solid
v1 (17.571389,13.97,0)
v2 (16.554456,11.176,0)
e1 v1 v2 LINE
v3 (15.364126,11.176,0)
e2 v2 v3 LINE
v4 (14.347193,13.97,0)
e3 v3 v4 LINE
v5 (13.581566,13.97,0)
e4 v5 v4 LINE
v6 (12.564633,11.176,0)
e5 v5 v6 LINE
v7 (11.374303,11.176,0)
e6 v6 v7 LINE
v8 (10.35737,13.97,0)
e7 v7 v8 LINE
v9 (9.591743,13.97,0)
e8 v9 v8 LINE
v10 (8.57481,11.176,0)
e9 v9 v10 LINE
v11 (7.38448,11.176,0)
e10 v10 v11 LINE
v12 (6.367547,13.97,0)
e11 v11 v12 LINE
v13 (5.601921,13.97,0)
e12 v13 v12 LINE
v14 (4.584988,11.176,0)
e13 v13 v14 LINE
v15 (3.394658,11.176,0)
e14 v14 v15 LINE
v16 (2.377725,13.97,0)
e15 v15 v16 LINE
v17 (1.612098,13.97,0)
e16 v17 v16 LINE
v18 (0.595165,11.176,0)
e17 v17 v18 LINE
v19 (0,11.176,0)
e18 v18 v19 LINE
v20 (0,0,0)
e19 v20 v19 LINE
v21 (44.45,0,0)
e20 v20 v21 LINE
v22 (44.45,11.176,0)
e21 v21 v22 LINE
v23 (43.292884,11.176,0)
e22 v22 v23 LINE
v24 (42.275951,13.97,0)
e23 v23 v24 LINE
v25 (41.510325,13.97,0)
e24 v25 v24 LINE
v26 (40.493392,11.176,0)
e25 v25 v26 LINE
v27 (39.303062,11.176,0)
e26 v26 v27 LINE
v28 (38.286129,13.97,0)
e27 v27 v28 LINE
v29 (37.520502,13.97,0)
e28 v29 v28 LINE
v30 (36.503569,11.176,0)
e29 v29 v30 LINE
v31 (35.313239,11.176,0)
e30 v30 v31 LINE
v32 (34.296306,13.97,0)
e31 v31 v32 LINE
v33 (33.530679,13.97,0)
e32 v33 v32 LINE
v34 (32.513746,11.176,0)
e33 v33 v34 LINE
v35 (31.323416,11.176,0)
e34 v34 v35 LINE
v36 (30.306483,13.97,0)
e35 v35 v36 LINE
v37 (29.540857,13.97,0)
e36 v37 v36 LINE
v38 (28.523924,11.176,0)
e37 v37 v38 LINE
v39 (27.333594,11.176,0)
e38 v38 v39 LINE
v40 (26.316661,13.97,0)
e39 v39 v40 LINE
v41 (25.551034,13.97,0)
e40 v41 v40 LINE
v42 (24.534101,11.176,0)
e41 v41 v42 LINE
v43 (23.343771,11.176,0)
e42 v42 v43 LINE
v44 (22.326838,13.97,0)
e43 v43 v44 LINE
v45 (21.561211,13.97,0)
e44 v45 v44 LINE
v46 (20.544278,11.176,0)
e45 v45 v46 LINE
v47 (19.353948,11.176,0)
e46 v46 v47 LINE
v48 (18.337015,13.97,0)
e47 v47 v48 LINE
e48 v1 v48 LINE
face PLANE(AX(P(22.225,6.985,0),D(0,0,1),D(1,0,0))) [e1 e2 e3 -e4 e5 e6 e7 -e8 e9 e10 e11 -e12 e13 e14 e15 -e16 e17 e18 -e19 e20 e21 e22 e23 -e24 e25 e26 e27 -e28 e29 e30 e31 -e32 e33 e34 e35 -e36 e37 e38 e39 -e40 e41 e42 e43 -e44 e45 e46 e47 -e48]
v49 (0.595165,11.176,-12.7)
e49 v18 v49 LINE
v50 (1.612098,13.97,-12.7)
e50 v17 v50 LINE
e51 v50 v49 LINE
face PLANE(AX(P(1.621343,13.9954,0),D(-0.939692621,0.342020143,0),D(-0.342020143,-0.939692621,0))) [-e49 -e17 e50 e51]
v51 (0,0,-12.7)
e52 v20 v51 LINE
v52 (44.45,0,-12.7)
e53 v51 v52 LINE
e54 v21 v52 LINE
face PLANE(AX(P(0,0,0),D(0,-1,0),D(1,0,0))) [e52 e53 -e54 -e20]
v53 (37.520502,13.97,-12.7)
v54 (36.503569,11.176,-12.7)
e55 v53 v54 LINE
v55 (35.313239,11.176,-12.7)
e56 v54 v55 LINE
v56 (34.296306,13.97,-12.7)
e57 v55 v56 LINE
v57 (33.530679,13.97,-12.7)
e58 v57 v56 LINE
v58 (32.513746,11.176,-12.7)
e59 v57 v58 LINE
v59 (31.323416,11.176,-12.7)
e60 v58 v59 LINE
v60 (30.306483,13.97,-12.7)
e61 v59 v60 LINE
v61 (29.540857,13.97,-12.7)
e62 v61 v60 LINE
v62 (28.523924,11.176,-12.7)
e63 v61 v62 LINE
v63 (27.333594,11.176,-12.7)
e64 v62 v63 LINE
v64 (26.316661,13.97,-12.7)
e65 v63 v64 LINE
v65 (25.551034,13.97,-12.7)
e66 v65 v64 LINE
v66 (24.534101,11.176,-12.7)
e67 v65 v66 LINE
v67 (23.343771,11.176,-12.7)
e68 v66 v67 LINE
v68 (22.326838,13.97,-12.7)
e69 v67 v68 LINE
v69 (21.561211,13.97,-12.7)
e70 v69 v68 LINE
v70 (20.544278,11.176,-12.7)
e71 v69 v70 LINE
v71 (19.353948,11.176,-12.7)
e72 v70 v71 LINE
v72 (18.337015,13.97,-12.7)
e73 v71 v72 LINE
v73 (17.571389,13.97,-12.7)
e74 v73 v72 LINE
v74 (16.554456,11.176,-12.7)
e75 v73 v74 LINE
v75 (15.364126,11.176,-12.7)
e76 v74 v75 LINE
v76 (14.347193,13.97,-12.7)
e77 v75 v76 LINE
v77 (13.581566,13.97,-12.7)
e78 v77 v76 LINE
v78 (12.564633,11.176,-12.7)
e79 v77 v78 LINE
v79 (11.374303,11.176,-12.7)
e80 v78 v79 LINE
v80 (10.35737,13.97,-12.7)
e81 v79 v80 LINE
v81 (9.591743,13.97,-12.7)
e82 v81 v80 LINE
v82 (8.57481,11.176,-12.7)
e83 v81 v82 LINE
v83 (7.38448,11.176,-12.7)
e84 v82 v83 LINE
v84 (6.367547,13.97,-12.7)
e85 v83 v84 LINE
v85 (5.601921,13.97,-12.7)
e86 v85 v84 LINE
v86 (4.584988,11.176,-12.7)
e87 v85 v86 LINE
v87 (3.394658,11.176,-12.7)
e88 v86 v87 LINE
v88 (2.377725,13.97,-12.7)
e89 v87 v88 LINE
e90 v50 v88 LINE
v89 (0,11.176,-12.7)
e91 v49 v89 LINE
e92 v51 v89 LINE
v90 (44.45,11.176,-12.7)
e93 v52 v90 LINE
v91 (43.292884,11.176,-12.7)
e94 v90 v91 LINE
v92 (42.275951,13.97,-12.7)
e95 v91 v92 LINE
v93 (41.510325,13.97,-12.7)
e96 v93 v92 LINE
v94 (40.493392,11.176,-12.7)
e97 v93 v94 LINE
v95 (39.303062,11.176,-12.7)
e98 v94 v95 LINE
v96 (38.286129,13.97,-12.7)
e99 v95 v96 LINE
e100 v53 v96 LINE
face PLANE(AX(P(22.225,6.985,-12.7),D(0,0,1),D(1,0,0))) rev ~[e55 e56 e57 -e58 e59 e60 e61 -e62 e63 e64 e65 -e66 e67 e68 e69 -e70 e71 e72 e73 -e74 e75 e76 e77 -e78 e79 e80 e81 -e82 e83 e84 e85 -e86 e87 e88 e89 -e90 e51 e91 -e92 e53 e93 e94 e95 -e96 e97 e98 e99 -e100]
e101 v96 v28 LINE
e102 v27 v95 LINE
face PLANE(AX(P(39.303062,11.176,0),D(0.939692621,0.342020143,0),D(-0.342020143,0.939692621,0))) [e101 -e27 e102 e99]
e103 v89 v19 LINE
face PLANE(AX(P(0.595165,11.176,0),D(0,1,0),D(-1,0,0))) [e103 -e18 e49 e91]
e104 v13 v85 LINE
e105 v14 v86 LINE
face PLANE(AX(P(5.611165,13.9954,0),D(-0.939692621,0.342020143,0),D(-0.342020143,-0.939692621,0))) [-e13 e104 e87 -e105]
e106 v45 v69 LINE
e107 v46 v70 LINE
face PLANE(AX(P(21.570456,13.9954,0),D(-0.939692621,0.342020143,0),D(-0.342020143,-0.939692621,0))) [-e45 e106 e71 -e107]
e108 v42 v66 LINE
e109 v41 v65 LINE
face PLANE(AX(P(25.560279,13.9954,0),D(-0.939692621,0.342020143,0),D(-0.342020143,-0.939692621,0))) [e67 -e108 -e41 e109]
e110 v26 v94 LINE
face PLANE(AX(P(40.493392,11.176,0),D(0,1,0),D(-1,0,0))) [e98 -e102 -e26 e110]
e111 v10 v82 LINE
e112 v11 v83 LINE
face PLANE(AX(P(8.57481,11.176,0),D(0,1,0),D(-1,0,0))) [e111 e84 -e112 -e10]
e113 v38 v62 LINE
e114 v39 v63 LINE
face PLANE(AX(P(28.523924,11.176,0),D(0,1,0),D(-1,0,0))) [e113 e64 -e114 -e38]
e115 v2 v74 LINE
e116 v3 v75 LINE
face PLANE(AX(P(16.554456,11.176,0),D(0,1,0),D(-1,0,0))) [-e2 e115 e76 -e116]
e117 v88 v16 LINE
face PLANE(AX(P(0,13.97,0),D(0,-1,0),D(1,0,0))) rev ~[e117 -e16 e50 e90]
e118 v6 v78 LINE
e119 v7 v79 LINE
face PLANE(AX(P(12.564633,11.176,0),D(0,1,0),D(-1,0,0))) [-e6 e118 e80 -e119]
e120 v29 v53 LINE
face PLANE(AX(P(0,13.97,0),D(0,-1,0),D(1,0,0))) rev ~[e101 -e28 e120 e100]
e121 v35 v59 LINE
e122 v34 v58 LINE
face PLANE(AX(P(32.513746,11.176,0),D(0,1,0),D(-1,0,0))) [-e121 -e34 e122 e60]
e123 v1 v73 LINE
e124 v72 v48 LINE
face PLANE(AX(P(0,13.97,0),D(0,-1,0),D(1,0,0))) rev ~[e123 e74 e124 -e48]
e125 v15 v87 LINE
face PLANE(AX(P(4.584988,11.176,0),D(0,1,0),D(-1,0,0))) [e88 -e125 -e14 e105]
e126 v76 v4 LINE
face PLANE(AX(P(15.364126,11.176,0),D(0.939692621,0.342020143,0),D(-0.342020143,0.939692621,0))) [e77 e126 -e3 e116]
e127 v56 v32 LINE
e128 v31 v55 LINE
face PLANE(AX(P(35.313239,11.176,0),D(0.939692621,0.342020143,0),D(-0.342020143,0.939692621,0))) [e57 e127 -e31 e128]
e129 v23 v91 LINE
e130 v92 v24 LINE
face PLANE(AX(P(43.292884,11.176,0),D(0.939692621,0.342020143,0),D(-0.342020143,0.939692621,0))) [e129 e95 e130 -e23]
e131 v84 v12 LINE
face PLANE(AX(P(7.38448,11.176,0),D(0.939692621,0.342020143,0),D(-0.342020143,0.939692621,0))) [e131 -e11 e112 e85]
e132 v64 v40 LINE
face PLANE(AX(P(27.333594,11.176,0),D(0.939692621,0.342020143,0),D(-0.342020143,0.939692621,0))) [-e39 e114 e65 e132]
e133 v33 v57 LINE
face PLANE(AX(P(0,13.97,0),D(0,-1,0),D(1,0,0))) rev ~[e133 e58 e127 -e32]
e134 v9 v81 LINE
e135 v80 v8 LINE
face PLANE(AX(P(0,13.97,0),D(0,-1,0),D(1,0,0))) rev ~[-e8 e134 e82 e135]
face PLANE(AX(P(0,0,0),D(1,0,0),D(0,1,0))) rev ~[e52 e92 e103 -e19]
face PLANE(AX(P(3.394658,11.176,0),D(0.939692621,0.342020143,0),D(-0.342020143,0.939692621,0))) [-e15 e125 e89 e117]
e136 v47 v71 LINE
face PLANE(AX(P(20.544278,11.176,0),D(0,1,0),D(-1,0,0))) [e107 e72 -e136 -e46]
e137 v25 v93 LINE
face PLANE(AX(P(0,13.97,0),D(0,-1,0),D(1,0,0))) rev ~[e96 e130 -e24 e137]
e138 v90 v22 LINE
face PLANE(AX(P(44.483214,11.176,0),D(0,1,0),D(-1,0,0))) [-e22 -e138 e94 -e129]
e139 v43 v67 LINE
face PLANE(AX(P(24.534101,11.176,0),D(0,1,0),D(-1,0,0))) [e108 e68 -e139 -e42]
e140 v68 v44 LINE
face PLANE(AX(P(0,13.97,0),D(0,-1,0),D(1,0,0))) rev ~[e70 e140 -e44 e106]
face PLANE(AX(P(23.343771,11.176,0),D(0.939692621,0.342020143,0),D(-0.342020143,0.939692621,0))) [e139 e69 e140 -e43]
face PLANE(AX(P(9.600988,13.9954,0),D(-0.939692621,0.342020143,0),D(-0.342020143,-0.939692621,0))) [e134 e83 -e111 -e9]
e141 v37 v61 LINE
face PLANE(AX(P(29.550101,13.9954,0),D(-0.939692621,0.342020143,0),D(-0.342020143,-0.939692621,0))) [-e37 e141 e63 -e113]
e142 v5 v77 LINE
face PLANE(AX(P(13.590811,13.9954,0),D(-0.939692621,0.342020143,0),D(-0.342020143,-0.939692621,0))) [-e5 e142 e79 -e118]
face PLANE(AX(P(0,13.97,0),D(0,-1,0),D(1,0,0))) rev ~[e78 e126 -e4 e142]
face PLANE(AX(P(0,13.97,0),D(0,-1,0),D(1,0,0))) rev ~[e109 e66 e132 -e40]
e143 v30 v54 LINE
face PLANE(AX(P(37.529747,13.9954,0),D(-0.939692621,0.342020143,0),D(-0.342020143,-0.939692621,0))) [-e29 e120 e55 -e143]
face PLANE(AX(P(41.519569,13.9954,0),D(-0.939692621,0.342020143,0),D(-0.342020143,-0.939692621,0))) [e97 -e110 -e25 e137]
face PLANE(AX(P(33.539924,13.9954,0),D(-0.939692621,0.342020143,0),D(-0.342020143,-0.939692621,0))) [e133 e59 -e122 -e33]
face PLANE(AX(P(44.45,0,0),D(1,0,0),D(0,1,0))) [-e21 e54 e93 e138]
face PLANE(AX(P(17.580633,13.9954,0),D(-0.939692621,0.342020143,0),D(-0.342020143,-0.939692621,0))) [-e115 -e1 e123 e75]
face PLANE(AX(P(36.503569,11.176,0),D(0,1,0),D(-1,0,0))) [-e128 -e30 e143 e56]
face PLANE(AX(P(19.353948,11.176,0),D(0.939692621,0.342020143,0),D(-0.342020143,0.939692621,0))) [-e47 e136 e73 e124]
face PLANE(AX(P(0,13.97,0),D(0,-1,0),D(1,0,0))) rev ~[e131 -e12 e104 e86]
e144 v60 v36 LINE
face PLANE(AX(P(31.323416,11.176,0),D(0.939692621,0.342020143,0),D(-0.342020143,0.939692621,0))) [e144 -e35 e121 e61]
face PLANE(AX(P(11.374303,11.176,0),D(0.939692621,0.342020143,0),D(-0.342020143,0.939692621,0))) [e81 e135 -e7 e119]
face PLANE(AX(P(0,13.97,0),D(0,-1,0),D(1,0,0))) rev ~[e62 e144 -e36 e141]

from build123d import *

# Parameters (mm, degrees)
BLANKSKE_W        = 44.45
BLANKSKE_H        = 13.97
BLANK_DEPTH       = 12.7
TOOTHCUTSIM_DEPTH = 49.293409488
TEETHCUTS_COUNT   = 12
TEETHCUTS_PITCH   = 3.989822665


with BuildPart() as part:
    # BlankSke → Blank (new body)
    with BuildSketch(Plane.XY):
        with Locations((22.225, 6.985)):
            Rectangle(BLANKSKE_W, BLANKSKE_H)
    extrude(amount=-BLANK_DEPTH)

    # TooCutSkeSim → ToothCutSim (cut, through all)
    with BuildSketch(Plane.XY):
        Polygon((0.595165029, 11.176), (-0.595165029, 11.176), (-1.621342708, 13.9954), (1.621342708, 13.9954), align=None)
    toothcutsim = extrude(amount=-TOOTHCUTSIM_DEPTH, mode=Mode.SUBTRACT)

    # TeethCuts: ToothCutSim ×12
    with Locations(*[(i * TEETHCUTS_PITCH, 0, 0) for i in range(1, TEETHCUTS_COUNT)]):
        add(toothcutsim, mode=Mode.SUBTRACT)


solid = part.part
